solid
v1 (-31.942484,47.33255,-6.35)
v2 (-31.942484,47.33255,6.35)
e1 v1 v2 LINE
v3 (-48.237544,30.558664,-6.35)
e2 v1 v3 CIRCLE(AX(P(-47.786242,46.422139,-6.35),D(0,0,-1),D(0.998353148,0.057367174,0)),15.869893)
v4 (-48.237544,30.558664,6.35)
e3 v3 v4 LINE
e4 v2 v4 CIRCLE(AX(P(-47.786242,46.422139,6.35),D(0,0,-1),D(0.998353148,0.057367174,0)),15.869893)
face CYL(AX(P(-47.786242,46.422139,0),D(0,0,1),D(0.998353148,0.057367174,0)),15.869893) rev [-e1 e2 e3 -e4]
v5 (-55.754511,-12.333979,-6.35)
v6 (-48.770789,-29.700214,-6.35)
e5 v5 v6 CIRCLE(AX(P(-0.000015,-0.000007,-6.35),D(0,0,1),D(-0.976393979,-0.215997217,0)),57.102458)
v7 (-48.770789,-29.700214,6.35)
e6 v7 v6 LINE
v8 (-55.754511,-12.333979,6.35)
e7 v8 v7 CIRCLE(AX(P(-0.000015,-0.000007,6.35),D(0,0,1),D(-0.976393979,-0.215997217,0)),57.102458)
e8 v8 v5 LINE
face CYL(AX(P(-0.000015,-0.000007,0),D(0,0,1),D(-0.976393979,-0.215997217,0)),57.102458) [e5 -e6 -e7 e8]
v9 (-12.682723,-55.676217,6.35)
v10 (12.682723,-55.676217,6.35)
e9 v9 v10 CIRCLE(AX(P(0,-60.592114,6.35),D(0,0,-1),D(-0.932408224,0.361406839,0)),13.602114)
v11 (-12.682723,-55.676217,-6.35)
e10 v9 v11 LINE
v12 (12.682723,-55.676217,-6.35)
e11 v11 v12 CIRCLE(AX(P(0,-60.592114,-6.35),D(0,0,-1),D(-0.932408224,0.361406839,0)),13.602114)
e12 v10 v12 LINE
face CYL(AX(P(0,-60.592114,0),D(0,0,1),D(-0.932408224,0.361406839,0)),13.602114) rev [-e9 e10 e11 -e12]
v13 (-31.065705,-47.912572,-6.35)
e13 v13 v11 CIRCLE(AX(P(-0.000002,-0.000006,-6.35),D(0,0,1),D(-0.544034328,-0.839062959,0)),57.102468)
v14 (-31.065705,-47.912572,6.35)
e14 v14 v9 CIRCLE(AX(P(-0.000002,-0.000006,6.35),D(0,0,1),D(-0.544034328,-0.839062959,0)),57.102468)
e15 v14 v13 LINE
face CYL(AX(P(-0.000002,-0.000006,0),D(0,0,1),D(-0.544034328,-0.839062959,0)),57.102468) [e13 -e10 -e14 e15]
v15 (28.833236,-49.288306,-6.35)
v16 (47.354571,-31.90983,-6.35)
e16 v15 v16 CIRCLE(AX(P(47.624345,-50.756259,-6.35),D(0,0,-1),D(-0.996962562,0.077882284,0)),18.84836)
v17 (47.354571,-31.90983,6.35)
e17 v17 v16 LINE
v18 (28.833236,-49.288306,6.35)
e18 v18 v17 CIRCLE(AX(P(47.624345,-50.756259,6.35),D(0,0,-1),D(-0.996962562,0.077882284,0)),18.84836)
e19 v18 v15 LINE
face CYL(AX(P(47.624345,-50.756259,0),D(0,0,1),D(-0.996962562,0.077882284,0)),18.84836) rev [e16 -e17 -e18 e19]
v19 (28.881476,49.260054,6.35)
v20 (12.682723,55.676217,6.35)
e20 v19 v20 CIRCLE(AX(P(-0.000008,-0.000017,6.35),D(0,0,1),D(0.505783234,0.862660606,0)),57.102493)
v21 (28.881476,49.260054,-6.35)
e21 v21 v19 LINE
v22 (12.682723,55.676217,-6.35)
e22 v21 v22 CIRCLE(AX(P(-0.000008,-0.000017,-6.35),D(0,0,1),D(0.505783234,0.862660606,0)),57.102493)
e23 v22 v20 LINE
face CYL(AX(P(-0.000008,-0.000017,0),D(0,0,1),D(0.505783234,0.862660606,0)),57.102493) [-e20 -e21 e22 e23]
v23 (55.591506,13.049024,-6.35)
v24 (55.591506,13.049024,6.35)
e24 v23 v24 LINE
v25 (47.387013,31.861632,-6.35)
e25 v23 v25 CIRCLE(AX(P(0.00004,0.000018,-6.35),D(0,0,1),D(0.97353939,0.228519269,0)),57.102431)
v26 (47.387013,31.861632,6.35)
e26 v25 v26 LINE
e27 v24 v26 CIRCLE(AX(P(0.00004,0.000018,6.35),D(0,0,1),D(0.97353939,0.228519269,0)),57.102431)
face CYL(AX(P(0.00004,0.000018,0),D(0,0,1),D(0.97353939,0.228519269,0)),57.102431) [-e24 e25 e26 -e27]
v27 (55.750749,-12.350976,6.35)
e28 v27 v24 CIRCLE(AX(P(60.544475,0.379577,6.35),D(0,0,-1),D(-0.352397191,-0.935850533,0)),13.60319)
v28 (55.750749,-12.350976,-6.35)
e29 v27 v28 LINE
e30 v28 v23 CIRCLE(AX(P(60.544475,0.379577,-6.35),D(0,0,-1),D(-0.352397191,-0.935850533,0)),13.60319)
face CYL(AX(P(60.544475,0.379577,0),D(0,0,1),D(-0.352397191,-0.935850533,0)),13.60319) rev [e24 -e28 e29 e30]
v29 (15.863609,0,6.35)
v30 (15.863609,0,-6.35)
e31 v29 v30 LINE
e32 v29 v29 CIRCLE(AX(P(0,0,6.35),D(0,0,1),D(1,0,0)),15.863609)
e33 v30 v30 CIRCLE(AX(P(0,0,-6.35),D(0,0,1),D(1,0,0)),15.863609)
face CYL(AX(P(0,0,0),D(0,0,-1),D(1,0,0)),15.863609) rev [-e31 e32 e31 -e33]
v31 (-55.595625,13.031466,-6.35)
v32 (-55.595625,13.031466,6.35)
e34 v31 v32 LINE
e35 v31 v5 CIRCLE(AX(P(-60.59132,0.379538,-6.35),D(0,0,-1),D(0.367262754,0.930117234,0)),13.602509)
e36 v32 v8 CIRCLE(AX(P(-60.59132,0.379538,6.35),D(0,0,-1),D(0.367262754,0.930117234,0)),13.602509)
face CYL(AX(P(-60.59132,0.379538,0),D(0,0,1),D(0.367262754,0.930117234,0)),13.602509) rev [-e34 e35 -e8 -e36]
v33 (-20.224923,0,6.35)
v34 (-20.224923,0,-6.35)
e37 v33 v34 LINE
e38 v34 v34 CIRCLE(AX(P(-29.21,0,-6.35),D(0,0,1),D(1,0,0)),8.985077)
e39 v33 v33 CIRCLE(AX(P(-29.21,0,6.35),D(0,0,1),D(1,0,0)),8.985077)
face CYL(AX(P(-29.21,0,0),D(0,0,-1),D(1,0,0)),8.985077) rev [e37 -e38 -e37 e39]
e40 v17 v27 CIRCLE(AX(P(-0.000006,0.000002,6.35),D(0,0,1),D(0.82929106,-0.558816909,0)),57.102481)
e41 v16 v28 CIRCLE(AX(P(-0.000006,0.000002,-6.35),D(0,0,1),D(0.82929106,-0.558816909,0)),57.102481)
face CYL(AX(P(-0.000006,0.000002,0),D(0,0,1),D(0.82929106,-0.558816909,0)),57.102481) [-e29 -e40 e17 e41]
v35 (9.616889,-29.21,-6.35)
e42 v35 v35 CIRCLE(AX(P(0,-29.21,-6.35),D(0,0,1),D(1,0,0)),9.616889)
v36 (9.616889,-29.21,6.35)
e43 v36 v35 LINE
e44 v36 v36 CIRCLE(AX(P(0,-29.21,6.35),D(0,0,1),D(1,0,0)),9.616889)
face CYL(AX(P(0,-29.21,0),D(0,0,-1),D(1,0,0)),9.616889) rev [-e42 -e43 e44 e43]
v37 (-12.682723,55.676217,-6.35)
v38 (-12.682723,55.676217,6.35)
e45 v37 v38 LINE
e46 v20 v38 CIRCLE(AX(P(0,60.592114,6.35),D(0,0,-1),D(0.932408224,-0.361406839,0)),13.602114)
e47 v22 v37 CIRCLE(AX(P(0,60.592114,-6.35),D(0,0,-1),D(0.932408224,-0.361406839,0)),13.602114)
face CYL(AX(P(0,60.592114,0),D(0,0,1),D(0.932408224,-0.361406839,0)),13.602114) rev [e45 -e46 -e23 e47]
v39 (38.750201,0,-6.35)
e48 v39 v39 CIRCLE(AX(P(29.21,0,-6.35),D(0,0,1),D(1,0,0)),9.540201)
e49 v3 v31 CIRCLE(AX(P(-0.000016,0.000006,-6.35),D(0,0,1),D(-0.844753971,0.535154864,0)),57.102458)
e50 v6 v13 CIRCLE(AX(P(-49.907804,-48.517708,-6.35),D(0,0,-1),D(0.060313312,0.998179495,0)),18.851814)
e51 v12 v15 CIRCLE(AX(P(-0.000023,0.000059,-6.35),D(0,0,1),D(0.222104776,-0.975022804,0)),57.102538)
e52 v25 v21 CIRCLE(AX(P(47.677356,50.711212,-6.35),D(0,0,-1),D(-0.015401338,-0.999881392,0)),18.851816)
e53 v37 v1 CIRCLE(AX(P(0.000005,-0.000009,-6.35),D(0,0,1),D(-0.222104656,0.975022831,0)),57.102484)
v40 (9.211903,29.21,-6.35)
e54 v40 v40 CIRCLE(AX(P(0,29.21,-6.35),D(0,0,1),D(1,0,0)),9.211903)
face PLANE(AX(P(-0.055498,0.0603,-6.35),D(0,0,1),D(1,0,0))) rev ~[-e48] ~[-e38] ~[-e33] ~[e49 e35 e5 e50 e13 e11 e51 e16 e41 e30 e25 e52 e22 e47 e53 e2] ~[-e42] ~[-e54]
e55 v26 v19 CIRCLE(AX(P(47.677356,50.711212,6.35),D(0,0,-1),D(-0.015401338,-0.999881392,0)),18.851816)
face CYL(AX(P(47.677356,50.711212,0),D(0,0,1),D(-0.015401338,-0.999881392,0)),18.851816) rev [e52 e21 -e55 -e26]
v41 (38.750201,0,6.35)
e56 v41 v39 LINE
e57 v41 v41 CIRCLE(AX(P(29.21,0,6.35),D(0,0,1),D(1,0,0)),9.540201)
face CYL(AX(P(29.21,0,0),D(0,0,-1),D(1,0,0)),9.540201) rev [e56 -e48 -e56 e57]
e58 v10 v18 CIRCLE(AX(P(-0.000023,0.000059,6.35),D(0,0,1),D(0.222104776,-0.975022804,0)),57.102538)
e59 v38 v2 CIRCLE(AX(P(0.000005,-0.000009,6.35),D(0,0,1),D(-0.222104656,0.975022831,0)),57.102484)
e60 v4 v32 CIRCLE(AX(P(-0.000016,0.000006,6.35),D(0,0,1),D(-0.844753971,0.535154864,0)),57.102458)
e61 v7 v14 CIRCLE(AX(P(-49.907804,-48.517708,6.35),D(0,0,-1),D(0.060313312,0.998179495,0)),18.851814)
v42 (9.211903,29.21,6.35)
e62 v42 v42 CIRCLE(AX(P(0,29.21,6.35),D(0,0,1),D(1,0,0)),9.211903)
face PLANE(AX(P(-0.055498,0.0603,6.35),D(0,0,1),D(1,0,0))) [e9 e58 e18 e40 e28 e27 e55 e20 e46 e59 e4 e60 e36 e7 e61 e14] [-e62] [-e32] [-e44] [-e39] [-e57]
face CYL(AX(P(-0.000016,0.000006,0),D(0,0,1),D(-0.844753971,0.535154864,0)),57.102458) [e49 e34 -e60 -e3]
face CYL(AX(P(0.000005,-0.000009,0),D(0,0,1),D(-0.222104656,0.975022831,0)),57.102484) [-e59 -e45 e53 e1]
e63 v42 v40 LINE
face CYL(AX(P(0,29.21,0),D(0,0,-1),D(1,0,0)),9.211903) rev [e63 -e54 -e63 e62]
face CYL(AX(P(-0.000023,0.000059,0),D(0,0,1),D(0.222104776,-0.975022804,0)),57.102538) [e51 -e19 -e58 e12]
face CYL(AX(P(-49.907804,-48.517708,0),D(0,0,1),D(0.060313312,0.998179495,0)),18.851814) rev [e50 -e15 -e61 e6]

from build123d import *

# Parameters (mm, degrees)
F0_R     = 9.616889
F0_R_2   = 8.985077
F0_R_3   = 15.863609
F0_R_4   = 9.540201
F0_R_5   = 9.211903
F1_DEPTH = 6.35


with BuildPart() as f1:
    # F0 (on Top) → F1 (new body, symmetric)
    with BuildSketch(Plane.XY):
        with BuildLine():
            ThreePointArc((55.750749, -12.350976), (46.941552, 0.294295), (55.591506, 13.049024))
            ThreePointArc((55.591506, 13.049024), (52.341403, 22.826962), (47.387013, 31.861632))
            ThreePointArc((47.387013, 31.861632), (34.764291, 36.976449), (28.881476, 49.260054))
            ThreePointArc((28.881476, 49.260054), (21.028254, 53.089595), (12.682723, 55.676217))
            ThreePointArc((12.682723, 55.676217), (0, 46.99), (-12.682723, 55.676217))
            ThreePointArc((-12.682723, 55.676217), (-22.699262, 52.396909), (-31.942484, 47.33255))
            ThreePointArc((-31.942484, 47.33255), (-36.40324, 35.364075), (-48.237544, 30.558664))
            ThreePointArc((-48.237544, 30.558664), (-52.651044, 22.103398), (-55.595625, 13.031466))
            ThreePointArc((-55.595625, 13.031466), (-46.989078, 0.294335), (-55.754511, -12.333979))
            ThreePointArc((-55.754511, -12.333979), (-52.979063, -21.305198), (-48.770789, -29.700214))
            ThreePointArc((-48.770789, -29.700214), (-36.390639, -35.377041), (-31.065705, -47.912572))
            ThreePointArc((-31.065705, -47.912572), (-22.21598, -52.603639), (-12.682723, -55.676217))
            ThreePointArc((-12.682723, -55.676217), (0, -46.99), (12.682723, -55.676217))
            ThreePointArc((12.682723, -55.676217), (21.002263, -53.099882), (28.833236, -49.288306))
            ThreePointArc((28.833236, -49.288306), (34.727362, -37.011133), (47.354571, -31.90983))
            ThreePointArc((47.354571, -31.90983), (52.47203, -22.525068), (55.750749, -12.350976))
        make_face()
        with Locations((0, -29.21)):
            Circle(F0_R, mode=Mode.SUBTRACT)
        with Locations((-29.21, 0)):
            Circle(F0_R_2, mode=Mode.SUBTRACT)
        Circle(F0_R_3, mode=Mode.SUBTRACT)
        with Locations((29.21, 0)):
            Circle(F0_R_4, mode=Mode.SUBTRACT)
        with Locations((0, 29.21)):
            Circle(F0_R_5, mode=Mode.SUBTRACT)
    extrude(amount=F1_DEPTH, both=True)


solid = f1.part
